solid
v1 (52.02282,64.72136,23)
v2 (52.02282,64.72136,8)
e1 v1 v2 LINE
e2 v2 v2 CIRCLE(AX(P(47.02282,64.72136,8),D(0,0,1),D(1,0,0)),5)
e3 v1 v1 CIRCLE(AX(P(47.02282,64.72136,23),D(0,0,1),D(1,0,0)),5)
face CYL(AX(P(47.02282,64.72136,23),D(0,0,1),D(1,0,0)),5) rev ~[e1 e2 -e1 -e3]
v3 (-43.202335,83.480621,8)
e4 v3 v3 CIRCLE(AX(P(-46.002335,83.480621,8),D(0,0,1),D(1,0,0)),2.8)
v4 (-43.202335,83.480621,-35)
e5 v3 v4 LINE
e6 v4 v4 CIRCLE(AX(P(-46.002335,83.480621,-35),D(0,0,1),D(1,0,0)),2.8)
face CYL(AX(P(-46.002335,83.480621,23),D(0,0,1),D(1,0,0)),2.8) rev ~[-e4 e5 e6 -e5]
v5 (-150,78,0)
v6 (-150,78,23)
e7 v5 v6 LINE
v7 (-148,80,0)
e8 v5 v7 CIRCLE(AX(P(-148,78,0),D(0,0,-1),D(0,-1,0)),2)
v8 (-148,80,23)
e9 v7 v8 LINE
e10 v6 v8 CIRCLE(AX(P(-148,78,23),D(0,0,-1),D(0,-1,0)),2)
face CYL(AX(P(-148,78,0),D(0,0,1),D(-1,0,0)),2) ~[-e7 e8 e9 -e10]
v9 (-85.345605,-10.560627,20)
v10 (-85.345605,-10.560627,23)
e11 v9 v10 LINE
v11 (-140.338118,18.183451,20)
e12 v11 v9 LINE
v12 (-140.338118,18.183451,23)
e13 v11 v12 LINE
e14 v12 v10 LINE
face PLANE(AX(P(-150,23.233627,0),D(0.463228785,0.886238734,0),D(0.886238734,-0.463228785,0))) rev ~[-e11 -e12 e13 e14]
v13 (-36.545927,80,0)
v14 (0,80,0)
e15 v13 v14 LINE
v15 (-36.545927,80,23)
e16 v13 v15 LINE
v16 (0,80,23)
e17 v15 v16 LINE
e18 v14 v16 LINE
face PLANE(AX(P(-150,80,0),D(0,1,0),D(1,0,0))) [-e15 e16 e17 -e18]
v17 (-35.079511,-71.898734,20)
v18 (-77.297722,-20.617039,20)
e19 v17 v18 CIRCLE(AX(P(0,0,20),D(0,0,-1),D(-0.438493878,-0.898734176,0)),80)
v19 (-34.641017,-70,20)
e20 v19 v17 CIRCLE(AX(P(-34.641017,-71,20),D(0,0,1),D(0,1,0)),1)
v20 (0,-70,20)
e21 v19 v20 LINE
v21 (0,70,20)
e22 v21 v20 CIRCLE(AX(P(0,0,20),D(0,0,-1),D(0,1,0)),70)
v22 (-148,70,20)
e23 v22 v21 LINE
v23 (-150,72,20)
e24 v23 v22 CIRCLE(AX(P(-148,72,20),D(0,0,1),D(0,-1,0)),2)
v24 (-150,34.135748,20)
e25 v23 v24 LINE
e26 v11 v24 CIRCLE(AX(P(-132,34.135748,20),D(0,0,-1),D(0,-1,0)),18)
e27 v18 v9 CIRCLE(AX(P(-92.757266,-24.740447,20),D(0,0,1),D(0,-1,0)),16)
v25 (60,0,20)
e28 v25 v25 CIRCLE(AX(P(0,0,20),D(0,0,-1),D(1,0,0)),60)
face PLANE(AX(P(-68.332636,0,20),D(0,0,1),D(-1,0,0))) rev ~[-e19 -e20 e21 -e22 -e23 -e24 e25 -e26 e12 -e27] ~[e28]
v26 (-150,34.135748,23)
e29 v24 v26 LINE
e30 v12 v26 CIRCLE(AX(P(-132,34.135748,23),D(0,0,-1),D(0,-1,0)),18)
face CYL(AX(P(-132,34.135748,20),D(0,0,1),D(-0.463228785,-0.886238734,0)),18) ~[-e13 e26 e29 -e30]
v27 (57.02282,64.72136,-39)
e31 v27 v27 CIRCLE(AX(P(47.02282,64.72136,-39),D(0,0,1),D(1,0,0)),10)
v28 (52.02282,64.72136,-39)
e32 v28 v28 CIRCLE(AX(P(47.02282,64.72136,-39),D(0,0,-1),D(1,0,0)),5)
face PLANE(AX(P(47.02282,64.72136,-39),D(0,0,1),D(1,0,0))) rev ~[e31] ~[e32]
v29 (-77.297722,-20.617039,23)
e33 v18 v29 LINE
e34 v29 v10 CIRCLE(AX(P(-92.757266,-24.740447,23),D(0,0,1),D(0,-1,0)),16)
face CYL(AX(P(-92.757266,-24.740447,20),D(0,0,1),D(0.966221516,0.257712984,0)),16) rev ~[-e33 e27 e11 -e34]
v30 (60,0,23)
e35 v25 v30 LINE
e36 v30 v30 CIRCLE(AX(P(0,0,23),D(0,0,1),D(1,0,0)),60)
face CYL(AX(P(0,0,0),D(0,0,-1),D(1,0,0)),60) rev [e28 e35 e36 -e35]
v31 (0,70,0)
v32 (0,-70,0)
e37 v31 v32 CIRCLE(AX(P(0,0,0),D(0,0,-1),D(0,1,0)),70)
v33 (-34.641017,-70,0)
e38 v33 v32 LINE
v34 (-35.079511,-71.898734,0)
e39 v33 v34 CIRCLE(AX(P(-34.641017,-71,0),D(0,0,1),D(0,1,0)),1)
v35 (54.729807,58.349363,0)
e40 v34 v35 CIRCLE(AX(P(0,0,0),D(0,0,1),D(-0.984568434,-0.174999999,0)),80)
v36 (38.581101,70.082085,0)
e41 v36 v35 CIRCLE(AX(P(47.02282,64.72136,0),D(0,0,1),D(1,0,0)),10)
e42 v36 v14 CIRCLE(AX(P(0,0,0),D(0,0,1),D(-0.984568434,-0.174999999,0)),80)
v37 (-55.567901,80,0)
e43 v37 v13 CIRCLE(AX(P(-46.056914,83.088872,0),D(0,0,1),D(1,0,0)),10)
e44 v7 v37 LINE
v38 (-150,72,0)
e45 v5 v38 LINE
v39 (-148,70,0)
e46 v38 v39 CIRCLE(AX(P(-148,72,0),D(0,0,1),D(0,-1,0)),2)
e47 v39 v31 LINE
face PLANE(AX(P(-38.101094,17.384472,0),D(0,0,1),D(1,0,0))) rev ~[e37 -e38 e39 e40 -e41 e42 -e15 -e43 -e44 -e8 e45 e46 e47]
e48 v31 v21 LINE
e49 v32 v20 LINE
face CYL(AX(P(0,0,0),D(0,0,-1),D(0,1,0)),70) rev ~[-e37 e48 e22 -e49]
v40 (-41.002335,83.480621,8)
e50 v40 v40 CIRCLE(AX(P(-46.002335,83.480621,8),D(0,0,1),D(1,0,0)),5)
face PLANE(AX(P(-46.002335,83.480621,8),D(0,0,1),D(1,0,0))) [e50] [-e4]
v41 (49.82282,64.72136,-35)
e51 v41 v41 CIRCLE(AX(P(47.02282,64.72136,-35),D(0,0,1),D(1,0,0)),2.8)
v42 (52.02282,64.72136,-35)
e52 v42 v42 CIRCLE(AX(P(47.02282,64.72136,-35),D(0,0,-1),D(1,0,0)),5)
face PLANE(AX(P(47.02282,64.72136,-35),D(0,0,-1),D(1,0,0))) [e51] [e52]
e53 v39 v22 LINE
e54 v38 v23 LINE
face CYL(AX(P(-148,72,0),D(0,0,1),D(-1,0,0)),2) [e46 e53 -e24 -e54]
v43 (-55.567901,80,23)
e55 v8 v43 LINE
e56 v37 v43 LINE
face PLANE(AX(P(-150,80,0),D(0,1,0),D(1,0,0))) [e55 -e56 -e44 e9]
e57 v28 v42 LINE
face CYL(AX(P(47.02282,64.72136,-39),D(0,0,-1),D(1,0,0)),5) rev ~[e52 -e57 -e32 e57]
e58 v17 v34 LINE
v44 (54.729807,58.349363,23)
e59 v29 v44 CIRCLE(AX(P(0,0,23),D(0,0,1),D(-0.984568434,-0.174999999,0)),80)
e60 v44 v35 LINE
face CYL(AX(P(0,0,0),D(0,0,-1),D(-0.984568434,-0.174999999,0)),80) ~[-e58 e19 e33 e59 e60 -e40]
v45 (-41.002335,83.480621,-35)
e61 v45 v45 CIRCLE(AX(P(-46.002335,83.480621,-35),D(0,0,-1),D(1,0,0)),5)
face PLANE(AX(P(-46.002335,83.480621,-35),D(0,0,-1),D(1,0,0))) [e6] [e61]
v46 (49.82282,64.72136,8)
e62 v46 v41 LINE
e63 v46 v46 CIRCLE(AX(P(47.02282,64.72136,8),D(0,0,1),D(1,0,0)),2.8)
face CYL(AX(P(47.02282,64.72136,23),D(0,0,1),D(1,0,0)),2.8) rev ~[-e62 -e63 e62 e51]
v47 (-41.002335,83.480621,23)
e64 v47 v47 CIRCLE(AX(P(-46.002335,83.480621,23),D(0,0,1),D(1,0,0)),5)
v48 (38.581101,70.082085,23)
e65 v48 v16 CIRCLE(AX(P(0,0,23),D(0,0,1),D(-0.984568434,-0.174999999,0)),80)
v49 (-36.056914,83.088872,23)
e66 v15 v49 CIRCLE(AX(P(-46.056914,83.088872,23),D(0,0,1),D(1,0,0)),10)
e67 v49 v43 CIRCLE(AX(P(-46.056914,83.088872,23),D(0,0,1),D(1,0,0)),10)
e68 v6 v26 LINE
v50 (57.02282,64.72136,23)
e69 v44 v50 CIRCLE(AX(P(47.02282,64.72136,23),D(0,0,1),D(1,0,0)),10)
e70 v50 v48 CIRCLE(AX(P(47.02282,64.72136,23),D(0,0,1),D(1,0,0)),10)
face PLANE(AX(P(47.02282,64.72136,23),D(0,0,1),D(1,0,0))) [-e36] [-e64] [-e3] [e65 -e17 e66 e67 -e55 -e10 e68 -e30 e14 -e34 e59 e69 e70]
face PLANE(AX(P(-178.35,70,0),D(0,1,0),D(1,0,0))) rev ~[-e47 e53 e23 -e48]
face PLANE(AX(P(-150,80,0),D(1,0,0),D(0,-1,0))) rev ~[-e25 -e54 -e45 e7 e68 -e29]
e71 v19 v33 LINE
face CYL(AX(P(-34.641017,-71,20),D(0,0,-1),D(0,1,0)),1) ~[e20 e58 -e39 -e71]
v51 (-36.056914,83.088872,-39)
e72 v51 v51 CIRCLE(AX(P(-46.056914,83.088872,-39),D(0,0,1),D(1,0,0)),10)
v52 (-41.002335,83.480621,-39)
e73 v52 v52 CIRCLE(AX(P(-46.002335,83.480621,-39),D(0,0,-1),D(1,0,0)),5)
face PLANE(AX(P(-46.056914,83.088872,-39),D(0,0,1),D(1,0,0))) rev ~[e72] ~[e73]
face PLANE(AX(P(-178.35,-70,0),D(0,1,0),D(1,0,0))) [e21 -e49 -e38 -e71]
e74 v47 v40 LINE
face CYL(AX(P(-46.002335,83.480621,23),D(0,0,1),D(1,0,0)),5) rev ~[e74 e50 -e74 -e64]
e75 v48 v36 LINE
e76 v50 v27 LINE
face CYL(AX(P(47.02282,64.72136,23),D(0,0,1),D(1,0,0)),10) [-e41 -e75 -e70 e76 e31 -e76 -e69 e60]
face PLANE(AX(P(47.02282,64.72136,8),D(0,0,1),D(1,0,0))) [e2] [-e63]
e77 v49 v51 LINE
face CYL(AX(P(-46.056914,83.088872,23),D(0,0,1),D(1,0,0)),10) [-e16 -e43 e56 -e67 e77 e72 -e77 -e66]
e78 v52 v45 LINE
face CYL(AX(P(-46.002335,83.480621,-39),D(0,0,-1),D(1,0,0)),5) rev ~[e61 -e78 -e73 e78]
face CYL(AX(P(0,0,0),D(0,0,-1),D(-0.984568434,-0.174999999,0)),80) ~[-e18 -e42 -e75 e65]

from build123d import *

# Parameters (mm, degrees)
SKETCH_R        = 60
PAD_DEPTH       = 23
POCKET_DEPTH    = 20
SKETCH002_R     = 10
PAD001_DEPTH    = 62
SKETCH005_R     = 2.8
POCKET001_DEPTH = 62.001
SKETCH006_R     = 5
POCKET002_DEPTH = 4
FILLET_R        = 16
FILLET001_R     = 18
FILLET002_R     = 2
FILLET003_R     = 1
SKETCH007_R     = 5
POCKET003_DEPTH = 15


with BuildPart() as part:
    # Sketch → Pad (new body)
    with BuildSketch(Plane.XY):
        with BuildLine():
            ThreePointArc((-78.765475, -14), (61.318839, -51.38093), (0, 80))
            Line((-150, 80), (0, 80))
            Line((-150, 80), (-150, 23.233627))
            Line((-150, 23.233627), (-78.765475, -14))
        make_face()
        Circle(SKETCH_R, mode=Mode.SUBTRACT)
    extrude(amount=PAD_DEPTH)

    # Sketch001 (on Face6 of Pad) → Pocket (cut)
    with BuildSketch(Plane(origin=(0, 0, 0), x_dir=(1, 0, 0), z_dir=(0, 0, -1))):
        with BuildLine():
            Line((-178.35, 70), (0, 70))
            ThreePointArc((0, -70), (70, 0), (0, 70))
            Line((-178.35, -70), (0, -70))
            Line((-178.35, 70), (-178.35, -70))
        make_face()
    extrude(amount=-POCKET_DEPTH, mode=Mode.SUBTRACT)

    # Sketch002 (on Face6 of Pocket) → Pad001 (join)
    with BuildSketch(Plane.XY.offset(23)):
        with Locations((47.02282, 64.72136)):
            Circle(SKETCH002_R)
        with Locations((-46.056914, 83.088872)):
            Circle(SKETCH002_R)
    extrude(amount=-PAD001_DEPTH)

    # Sketch005 (on Face5 of Pad001) → Pocket001 (cut, through all)
    with BuildSketch(Plane.XY.offset(23)):
        with Locations((-46.002335, 83.480621)):
            Circle(SKETCH005_R)
        with Locations((47.02282, 64.72136)):
            Circle(SKETCH005_R)
    extrude(amount=-POCKET001_DEPTH, mode=Mode.SUBTRACT)

    # Sketch006 (on Face12 of Pocket001) → Pocket002 (cut)
    with BuildSketch(Plane(origin=(0, 0, -39), x_dir=(1, 0, 0), z_dir=(0, 0, -1))):
        with Locations((-46.002335, -83.480621)):
            Circle(SKETCH006_R)
        with Locations((47.02282, -64.72136)):
            Circle(SKETCH006_R)
    extrude(amount=-POCKET002_DEPTH, mode=Mode.SUBTRACT)

    # Fillet
    fillet_edges = [part.edges().sort_by_distance(p)[0] for p in [
        (-78.765475, -14, 21.5),
    ]]
    fillet(fillet_edges, radius=FILLET_R)

    # Fillet001
    fillet001_edges = [part.edges().sort_by_distance(p)[0] for p in [
        (-150, 23.233627, 21.5),
    ]]
    fillet(fillet001_edges, radius=FILLET001_R)

    # Fillet002
    fillet002_edges = [part.edges().sort_by_distance(p)[0] for p in [
        (-150, 70, 10),
        (-150, 80, 11.5),
    ]]
    fillet(fillet002_edges, radius=FILLET002_R)

    # Fillet003
    fillet003_edges = [part.edges().sort_by_distance(p)[0] for p in [
        (-38.729833, -70, 10),
    ]]
    fillet(fillet003_edges, radius=FILLET003_R)

    # Sketch007 (on Face10 of Fillet003) → Pocket003 (cut)
    with BuildSketch(Plane.XY.offset(23)):
        with Locations((47.02282, 64.72136)):
            Circle(SKETCH007_R)
        with Locations((-46.002335, 83.480621)):
            Circle(SKETCH007_R)
    extrude(amount=-POCKET003_DEPTH, mode=Mode.SUBTRACT)


solid = part.part
